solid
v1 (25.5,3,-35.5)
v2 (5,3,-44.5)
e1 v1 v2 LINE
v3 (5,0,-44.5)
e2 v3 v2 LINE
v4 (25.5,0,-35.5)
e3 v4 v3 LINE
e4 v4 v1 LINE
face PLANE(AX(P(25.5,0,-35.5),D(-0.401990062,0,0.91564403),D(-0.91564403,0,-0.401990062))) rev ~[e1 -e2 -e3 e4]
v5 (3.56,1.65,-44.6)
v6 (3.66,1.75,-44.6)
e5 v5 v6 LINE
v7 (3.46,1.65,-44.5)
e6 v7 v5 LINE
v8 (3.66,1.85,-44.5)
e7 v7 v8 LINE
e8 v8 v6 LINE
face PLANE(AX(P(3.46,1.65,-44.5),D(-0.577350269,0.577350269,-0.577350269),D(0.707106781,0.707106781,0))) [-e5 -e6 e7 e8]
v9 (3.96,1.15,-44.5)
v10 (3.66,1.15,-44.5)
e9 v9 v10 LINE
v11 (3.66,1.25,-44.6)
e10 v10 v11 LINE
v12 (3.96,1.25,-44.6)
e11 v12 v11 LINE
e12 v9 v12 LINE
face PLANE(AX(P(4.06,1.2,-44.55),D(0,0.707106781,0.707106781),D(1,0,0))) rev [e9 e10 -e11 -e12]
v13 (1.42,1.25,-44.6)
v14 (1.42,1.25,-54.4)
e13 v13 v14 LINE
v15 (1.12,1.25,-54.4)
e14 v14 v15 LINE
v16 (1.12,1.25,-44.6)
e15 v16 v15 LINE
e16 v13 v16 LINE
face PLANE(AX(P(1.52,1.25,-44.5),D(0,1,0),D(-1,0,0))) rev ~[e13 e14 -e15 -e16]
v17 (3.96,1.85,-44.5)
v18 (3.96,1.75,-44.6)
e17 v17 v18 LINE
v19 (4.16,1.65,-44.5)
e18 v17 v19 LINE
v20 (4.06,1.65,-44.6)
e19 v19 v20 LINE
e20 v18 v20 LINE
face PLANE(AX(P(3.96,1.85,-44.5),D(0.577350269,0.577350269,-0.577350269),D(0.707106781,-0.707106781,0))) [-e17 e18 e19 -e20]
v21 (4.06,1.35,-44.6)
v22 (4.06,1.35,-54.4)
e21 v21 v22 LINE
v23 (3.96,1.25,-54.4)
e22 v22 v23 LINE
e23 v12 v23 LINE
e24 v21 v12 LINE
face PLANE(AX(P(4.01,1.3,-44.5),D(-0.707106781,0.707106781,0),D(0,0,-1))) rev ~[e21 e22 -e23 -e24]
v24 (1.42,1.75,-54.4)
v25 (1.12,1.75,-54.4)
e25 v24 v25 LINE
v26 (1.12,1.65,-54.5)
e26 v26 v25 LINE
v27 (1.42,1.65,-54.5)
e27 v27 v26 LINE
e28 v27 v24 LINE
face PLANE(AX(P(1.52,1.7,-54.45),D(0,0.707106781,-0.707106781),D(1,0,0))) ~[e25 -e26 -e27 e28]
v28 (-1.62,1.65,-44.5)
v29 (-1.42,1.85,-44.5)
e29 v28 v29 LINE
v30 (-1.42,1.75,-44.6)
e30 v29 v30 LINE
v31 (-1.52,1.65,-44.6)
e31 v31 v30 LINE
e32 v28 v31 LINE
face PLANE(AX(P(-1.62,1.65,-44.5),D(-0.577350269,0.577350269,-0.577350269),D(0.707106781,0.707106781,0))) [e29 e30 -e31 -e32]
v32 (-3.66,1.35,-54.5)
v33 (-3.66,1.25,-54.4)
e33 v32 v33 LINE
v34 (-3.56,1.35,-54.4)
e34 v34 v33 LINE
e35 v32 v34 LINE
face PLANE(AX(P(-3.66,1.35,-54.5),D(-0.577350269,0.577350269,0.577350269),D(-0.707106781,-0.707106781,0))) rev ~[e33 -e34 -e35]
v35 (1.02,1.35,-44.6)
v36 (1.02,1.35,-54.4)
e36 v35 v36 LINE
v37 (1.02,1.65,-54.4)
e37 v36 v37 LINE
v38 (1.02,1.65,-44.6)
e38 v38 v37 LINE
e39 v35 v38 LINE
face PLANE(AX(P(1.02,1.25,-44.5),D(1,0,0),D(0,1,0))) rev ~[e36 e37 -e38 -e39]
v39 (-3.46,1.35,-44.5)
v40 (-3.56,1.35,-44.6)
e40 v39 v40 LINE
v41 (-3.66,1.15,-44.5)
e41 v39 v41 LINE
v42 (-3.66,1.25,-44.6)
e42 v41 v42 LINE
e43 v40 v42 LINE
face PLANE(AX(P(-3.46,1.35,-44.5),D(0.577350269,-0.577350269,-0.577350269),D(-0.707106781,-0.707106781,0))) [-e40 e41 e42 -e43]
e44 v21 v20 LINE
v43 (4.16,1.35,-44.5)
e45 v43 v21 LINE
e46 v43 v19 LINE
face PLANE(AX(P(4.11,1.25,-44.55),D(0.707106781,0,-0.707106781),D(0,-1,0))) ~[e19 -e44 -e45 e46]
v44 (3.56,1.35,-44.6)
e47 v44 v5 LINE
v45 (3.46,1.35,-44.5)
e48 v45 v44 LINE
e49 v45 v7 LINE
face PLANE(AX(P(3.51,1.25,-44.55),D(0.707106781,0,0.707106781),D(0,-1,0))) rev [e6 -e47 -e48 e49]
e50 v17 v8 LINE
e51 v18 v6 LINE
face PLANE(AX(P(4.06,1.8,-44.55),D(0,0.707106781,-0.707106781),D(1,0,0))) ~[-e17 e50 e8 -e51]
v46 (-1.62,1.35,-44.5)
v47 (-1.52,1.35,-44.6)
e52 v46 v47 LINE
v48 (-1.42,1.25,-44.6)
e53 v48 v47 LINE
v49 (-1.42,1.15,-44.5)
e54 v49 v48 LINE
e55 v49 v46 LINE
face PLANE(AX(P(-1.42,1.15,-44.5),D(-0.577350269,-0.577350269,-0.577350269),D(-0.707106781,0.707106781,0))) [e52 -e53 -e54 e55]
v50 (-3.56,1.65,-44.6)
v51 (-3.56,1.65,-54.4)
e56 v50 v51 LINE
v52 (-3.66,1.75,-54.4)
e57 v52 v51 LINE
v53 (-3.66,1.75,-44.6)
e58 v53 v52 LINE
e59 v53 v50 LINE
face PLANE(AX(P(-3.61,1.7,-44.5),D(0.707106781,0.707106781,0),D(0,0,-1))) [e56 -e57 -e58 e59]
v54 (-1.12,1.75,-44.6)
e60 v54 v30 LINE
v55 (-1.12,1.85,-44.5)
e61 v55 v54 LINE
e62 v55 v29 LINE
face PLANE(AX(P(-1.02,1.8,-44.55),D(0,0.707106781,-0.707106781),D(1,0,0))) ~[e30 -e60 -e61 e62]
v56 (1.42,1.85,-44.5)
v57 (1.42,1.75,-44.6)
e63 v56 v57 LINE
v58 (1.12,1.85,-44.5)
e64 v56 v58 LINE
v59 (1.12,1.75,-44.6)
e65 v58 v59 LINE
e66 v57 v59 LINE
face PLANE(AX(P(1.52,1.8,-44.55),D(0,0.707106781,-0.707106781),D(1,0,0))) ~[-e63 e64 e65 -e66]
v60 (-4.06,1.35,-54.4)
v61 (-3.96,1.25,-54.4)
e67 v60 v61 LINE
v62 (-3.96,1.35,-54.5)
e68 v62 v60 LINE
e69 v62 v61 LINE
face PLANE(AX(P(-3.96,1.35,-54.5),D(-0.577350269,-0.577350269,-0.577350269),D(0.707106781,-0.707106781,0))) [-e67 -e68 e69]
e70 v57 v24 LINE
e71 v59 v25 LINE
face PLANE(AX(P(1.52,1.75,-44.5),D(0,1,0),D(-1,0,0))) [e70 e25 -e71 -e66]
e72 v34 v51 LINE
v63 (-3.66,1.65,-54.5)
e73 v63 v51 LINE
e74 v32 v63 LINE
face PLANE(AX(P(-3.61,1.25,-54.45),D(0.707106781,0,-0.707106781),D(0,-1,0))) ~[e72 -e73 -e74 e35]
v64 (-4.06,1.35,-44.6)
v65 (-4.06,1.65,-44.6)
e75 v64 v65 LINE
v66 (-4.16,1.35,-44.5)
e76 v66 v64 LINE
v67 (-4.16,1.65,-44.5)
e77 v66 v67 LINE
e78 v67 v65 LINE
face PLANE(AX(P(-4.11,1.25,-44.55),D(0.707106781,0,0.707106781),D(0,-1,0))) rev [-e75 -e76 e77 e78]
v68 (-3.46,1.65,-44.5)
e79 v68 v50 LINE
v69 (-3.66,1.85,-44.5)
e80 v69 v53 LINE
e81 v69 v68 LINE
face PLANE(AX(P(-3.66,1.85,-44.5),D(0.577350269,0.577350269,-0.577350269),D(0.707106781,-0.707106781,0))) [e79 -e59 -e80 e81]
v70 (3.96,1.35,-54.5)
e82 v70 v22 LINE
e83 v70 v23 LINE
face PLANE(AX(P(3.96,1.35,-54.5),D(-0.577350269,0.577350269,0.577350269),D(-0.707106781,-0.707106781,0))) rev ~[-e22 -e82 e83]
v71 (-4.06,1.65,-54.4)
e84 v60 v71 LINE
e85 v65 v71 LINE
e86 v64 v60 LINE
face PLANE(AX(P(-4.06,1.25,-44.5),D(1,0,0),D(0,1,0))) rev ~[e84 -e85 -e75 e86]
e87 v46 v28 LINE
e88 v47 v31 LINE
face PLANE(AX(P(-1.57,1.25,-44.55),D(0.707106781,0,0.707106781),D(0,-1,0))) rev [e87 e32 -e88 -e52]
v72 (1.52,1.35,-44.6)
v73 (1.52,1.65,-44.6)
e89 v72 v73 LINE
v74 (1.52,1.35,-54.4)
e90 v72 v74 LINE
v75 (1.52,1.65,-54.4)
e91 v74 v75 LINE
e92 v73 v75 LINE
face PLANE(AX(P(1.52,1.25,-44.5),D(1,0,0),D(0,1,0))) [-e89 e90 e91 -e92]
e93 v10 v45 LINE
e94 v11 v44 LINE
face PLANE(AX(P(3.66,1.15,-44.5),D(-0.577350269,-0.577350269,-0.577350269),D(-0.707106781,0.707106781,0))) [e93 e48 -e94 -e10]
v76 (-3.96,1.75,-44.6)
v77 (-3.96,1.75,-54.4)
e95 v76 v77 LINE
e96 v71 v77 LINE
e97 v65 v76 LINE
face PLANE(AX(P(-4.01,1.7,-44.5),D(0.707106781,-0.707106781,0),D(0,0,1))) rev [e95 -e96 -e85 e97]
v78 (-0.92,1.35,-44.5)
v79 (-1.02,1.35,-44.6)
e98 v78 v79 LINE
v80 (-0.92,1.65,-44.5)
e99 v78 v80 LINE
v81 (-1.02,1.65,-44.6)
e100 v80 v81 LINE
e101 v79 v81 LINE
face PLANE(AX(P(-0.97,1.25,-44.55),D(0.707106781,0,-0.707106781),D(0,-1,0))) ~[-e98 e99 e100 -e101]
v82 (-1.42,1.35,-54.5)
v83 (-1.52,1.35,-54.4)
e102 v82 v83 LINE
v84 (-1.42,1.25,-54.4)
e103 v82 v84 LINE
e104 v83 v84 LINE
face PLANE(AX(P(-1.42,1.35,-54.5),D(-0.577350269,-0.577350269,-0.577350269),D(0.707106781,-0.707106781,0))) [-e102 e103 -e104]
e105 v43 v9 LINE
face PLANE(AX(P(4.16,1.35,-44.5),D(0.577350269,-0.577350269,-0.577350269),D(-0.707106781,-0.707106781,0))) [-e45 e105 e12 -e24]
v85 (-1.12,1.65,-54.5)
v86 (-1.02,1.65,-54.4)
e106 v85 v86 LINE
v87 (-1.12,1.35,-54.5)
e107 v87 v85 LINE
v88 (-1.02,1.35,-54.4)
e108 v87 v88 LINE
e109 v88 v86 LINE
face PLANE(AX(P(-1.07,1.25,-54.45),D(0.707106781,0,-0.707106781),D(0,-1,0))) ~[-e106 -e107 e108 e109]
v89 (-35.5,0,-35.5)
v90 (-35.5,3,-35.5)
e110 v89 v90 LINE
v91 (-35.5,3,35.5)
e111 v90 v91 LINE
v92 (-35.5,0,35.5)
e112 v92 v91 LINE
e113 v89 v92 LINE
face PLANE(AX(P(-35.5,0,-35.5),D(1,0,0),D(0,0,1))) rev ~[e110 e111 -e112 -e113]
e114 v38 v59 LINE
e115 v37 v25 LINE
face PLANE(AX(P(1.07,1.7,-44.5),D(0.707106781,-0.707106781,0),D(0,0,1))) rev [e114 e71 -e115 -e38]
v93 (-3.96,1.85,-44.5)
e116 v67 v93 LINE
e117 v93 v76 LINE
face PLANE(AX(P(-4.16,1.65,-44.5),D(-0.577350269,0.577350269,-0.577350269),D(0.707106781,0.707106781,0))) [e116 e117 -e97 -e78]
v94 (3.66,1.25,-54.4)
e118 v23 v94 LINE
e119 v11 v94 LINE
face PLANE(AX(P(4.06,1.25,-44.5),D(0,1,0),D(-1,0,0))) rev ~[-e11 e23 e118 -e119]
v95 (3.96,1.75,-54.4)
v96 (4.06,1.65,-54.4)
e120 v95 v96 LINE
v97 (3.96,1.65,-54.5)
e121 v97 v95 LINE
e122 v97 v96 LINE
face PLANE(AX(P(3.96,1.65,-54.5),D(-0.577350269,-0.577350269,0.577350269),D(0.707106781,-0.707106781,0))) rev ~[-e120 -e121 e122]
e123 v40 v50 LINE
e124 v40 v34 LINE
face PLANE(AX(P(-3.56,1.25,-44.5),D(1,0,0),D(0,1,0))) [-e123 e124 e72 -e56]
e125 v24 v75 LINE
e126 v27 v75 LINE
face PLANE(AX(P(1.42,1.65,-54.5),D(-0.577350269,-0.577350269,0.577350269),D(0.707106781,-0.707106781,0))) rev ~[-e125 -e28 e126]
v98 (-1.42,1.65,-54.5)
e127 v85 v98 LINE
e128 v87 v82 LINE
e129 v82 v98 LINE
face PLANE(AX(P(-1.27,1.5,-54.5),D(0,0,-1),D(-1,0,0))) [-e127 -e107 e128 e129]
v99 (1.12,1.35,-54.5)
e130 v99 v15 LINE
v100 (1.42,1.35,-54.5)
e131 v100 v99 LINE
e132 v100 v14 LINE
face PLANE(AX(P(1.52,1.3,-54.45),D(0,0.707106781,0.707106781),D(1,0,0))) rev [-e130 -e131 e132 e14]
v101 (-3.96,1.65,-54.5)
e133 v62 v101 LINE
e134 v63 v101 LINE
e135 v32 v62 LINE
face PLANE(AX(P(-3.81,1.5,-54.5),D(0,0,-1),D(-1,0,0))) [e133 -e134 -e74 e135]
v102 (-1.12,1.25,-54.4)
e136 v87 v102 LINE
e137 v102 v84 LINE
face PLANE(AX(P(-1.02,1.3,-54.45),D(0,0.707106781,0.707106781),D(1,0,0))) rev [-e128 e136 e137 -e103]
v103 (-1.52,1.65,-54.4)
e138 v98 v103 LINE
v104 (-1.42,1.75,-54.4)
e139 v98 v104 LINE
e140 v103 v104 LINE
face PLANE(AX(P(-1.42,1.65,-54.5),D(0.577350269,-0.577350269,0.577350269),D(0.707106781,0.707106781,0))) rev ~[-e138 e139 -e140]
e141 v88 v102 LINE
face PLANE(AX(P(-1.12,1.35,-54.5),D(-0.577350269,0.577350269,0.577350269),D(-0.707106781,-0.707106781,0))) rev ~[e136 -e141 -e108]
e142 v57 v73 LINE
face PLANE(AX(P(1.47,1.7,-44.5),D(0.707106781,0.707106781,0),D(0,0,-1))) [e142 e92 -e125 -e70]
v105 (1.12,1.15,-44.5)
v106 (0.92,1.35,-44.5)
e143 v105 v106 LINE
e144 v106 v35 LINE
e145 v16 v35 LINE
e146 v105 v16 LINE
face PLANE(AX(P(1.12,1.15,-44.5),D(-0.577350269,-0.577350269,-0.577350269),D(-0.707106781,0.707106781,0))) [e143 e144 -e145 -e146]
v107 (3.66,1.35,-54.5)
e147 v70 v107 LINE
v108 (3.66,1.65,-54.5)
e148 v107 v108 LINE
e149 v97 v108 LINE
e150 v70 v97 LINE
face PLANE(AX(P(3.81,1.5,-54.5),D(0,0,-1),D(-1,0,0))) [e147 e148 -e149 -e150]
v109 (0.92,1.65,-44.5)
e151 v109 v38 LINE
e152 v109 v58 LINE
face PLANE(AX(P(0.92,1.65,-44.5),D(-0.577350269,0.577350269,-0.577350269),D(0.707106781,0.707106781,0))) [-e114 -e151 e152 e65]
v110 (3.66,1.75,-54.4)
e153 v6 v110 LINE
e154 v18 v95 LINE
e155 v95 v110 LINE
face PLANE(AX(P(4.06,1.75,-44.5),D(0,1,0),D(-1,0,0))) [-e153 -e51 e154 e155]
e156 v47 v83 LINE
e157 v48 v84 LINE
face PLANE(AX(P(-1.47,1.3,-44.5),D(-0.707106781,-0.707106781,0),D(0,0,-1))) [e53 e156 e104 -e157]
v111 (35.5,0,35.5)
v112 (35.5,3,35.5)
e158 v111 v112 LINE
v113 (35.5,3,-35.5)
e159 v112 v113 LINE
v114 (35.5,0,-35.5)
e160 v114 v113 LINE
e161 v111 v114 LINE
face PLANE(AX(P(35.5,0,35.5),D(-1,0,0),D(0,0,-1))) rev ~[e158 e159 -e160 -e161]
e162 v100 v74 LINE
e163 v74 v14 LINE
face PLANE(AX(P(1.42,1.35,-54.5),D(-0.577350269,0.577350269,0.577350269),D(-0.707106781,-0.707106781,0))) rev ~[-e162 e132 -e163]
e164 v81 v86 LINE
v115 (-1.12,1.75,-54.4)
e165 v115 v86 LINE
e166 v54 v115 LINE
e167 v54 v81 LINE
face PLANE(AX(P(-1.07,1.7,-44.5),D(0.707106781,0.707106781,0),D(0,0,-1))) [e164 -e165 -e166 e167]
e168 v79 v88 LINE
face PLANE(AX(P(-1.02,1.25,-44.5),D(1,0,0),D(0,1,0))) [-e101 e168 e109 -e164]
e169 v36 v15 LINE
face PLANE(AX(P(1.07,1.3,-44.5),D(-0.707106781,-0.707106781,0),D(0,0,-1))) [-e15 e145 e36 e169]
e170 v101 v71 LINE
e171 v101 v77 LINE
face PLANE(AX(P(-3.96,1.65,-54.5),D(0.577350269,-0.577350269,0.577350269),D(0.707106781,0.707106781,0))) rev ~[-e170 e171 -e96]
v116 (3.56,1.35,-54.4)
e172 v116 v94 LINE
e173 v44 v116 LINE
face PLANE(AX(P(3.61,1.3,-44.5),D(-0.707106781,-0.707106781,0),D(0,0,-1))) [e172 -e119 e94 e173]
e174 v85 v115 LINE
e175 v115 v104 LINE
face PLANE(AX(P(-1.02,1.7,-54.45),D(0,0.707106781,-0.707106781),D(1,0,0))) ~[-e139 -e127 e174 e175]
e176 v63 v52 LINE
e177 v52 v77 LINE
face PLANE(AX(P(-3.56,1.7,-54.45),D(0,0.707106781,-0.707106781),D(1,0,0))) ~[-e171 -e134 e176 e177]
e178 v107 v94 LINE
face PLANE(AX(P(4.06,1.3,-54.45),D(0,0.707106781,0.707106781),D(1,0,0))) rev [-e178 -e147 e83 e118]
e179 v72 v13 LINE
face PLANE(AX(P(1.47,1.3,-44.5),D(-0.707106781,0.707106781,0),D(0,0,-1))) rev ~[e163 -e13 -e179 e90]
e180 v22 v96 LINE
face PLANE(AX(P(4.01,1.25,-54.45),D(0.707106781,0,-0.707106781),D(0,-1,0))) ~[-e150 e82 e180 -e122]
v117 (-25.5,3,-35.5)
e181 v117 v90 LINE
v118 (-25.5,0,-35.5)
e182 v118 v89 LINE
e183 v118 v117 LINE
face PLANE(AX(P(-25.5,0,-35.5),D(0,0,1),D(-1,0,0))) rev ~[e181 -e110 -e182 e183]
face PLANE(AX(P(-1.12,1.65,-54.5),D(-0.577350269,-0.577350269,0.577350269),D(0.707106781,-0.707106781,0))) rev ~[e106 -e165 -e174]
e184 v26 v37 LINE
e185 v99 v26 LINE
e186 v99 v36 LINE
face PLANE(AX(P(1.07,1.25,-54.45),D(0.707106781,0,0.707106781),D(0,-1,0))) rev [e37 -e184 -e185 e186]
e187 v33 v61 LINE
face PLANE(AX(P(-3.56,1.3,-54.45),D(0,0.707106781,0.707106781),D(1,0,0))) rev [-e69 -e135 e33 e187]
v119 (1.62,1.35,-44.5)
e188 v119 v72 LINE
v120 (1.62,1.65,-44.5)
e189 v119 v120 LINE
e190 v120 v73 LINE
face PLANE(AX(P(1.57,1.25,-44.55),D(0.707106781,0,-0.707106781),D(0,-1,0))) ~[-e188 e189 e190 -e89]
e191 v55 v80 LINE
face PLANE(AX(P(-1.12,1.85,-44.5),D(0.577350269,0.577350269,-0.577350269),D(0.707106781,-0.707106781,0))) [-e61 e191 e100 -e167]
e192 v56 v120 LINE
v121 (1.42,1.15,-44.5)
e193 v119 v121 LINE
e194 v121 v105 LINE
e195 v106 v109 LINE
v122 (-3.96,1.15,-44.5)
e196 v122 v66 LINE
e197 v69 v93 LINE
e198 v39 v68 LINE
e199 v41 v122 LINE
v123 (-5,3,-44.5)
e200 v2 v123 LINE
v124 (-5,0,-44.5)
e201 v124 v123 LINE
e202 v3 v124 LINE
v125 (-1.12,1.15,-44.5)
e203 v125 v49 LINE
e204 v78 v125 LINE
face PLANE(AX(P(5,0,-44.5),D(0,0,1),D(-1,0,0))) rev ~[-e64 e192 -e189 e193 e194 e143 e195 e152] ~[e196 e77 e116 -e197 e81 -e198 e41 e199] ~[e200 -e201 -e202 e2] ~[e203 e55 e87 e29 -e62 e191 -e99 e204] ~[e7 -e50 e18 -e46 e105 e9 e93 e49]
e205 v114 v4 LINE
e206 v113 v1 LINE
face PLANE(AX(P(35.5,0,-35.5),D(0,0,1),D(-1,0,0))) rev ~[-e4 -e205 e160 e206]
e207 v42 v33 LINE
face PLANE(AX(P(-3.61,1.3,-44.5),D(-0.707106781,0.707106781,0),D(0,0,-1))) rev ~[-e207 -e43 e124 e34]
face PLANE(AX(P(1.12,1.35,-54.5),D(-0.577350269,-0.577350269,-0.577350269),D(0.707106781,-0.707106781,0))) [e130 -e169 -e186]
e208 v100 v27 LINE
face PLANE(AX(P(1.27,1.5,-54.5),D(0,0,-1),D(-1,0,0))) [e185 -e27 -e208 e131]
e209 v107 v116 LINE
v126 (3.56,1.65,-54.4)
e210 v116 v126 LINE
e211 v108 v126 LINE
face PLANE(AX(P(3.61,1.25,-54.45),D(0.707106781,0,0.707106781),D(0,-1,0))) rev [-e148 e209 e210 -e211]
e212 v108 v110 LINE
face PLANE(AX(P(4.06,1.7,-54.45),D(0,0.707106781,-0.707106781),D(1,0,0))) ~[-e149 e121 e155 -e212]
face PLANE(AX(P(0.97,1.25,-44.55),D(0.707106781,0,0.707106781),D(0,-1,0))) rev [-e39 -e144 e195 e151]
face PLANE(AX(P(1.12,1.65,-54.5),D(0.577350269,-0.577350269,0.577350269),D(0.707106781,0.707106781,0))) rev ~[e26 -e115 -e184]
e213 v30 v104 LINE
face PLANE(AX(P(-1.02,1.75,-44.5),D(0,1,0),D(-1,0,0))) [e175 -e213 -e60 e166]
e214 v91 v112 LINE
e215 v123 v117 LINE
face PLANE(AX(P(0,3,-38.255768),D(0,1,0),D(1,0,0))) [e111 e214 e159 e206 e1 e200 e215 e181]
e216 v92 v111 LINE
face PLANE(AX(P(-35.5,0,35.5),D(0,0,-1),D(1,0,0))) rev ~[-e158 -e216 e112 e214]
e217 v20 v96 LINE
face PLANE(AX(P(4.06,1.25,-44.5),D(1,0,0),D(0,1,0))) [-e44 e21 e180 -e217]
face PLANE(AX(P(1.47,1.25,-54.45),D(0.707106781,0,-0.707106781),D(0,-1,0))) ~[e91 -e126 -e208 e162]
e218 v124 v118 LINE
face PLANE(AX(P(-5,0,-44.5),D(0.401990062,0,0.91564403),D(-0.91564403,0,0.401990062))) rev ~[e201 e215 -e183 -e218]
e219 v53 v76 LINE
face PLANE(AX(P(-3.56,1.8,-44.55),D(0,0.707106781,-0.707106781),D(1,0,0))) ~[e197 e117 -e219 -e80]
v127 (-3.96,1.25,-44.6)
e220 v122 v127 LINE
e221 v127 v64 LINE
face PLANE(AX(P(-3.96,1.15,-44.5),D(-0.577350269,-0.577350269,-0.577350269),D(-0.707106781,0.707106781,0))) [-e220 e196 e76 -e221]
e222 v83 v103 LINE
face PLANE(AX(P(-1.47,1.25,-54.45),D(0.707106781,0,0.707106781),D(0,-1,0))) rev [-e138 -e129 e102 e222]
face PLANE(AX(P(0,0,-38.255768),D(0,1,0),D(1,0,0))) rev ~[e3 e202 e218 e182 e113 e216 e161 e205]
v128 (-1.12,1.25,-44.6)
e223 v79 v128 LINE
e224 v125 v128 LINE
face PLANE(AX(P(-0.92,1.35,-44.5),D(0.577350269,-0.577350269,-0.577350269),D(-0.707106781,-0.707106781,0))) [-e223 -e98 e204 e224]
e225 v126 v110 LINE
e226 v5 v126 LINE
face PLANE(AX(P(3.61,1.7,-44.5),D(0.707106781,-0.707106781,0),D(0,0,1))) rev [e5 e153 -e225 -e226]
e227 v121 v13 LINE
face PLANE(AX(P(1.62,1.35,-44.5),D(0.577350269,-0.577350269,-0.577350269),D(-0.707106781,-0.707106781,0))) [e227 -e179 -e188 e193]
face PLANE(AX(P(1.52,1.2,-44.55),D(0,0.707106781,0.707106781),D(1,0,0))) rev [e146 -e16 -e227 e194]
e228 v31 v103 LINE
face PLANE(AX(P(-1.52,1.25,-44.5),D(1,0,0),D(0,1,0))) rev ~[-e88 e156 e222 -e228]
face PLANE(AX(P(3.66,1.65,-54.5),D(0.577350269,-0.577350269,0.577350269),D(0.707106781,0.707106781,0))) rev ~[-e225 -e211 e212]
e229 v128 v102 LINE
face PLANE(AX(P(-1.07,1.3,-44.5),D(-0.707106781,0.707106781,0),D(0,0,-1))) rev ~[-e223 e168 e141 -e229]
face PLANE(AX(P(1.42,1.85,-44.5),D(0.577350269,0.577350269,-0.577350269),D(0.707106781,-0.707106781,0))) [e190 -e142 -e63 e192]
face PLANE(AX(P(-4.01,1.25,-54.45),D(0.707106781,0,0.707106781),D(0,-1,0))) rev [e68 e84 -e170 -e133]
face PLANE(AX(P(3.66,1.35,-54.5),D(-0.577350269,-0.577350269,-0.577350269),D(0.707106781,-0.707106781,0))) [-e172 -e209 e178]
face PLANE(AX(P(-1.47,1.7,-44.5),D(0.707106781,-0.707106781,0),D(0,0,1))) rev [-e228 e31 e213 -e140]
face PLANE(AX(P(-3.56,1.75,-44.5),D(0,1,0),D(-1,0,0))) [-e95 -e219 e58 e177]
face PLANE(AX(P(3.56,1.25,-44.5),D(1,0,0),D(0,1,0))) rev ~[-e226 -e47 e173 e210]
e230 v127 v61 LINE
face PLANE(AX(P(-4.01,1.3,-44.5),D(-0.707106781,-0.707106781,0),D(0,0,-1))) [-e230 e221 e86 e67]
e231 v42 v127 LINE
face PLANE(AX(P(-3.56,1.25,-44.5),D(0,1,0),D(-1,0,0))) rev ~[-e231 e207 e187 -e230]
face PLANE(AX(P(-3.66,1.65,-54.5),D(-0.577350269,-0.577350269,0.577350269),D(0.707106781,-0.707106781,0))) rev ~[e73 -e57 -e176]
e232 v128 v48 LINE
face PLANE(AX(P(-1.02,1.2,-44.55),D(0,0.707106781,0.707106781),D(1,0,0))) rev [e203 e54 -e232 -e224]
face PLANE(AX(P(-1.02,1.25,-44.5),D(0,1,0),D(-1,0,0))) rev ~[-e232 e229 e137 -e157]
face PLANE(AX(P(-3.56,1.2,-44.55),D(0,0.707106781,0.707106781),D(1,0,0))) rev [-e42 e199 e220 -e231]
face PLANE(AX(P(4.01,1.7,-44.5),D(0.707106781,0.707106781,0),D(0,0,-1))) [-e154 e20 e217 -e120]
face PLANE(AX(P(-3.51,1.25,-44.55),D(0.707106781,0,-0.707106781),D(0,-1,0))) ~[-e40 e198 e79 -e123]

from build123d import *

# Parameters (mm, degrees)
BOSS_EXTRUDE1_DEPTH = 3
SKETCH2_W           = 0.5
SKETCH2_H           = 0.5
BOSS_EXTRUDE2_DEPTH = 10
CHAMFER1_SIZE       = 0.1


with BuildPart() as part:
    # Sketch1 → Boss-Extrude1 (new body)
    with BuildSketch(Plane(origin=(0, 0, 0), x_dir=(1, 0, 0), z_dir=(0, 1, 0))):
        Polygon((-5, 44.5), (-25.5, 35.5), (25.5, 35.5), (5, 44.5), align=None)
        Polygon((-25.5, 35.5), (-35.5, 35.5), (-35.5, -35.5), (35.5, -35.5), (35.5, 35.5), (25.5, 35.5), align=None)
    extrude(amount=BOSS_EXTRUDE1_DEPTH)

    # Sketch2 → Boss-Extrude2 (add)
    with BuildSketch(Plane(origin=(0, 0, -44.5), x_dir=(-1, 0, 0), z_dir=(0, 0, -1))):
        with Locations((-3.81, 1.5)):
            Rectangle(SKETCH2_W, SKETCH2_H)
        with Locations((-1.27, 1.5)):
            Rectangle(SKETCH2_W, SKETCH2_H)
        with Locations((1.27, 1.5)):
            Rectangle(SKETCH2_W, SKETCH2_H)
        with Locations((3.81, 1.5)):
            Rectangle(SKETCH2_W, SKETCH2_H)
    extrude(amount=BOSS_EXTRUDE2_DEPTH)

    # Chamfer1
    chamfer1_edges = [part.edges().sort_by_distance(p)[0] for p in [
        (3.56, 1.5, -44.5),
        (3.56, 1.25, -49.5),
        (3.81, 1.75, -44.5),
        (3.56, 1.75, -49.5),
        (4.06, 1.5, -44.5),
        (4.06, 1.75, -49.5),
        (3.81, 1.25, -44.5),
        (4.06, 1.25, -49.5),
        (3.56, 1.5, -54.5),
        (3.81, 1.75, -54.5),
        (4.06, 1.5, -54.5),
        (3.81, 1.25, -54.5),
        (1.02, 1.5, -44.5),
        (1.02, 1.25, -49.5),
        (1.27, 1.75, -44.5),
        (1.02, 1.75, -49.5),
        (1.52, 1.5, -44.5),
        (1.52, 1.75, -49.5),
        (1.27, 1.25, -44.5),
        (1.52, 1.25, -49.5),
        (1.02, 1.5, -54.5),
        (1.27, 1.75, -54.5),
        (1.52, 1.5, -54.5),
        (1.27, 1.25, -54.5),
        (-1.52, 1.5, -44.5),
        (-1.52, 1.25, -49.5),
        (-1.27, 1.75, -44.5),
        (-1.52, 1.75, -49.5),
        (-1.02, 1.5, -44.5),
        (-1.02, 1.75, -49.5),
        (-1.27, 1.25, -44.5),
        (-1.02, 1.25, -49.5),
        (-1.52, 1.5, -54.5),
        (-1.27, 1.75, -54.5),
        (-1.02, 1.5, -54.5),
        (-1.27, 1.25, -54.5),
        (-4.06, 1.5, -44.5),
        (-4.06, 1.25, -49.5),
        (-3.81, 1.75, -44.5),
        (-4.06, 1.75, -49.5),
        (-3.56, 1.5, -44.5),
        (-3.56, 1.75, -49.5),
        (-3.81, 1.25, -44.5),
        (-3.56, 1.25, -49.5),
        (-4.06, 1.5, -54.5),
        (-3.81, 1.75, -54.5),
        (-3.56, 1.5, -54.5),
        (-3.81, 1.25, -54.5),
    ]]
    chamfer(chamfer1_edges, length=CHAMFER1_SIZE)


solid = part.part
